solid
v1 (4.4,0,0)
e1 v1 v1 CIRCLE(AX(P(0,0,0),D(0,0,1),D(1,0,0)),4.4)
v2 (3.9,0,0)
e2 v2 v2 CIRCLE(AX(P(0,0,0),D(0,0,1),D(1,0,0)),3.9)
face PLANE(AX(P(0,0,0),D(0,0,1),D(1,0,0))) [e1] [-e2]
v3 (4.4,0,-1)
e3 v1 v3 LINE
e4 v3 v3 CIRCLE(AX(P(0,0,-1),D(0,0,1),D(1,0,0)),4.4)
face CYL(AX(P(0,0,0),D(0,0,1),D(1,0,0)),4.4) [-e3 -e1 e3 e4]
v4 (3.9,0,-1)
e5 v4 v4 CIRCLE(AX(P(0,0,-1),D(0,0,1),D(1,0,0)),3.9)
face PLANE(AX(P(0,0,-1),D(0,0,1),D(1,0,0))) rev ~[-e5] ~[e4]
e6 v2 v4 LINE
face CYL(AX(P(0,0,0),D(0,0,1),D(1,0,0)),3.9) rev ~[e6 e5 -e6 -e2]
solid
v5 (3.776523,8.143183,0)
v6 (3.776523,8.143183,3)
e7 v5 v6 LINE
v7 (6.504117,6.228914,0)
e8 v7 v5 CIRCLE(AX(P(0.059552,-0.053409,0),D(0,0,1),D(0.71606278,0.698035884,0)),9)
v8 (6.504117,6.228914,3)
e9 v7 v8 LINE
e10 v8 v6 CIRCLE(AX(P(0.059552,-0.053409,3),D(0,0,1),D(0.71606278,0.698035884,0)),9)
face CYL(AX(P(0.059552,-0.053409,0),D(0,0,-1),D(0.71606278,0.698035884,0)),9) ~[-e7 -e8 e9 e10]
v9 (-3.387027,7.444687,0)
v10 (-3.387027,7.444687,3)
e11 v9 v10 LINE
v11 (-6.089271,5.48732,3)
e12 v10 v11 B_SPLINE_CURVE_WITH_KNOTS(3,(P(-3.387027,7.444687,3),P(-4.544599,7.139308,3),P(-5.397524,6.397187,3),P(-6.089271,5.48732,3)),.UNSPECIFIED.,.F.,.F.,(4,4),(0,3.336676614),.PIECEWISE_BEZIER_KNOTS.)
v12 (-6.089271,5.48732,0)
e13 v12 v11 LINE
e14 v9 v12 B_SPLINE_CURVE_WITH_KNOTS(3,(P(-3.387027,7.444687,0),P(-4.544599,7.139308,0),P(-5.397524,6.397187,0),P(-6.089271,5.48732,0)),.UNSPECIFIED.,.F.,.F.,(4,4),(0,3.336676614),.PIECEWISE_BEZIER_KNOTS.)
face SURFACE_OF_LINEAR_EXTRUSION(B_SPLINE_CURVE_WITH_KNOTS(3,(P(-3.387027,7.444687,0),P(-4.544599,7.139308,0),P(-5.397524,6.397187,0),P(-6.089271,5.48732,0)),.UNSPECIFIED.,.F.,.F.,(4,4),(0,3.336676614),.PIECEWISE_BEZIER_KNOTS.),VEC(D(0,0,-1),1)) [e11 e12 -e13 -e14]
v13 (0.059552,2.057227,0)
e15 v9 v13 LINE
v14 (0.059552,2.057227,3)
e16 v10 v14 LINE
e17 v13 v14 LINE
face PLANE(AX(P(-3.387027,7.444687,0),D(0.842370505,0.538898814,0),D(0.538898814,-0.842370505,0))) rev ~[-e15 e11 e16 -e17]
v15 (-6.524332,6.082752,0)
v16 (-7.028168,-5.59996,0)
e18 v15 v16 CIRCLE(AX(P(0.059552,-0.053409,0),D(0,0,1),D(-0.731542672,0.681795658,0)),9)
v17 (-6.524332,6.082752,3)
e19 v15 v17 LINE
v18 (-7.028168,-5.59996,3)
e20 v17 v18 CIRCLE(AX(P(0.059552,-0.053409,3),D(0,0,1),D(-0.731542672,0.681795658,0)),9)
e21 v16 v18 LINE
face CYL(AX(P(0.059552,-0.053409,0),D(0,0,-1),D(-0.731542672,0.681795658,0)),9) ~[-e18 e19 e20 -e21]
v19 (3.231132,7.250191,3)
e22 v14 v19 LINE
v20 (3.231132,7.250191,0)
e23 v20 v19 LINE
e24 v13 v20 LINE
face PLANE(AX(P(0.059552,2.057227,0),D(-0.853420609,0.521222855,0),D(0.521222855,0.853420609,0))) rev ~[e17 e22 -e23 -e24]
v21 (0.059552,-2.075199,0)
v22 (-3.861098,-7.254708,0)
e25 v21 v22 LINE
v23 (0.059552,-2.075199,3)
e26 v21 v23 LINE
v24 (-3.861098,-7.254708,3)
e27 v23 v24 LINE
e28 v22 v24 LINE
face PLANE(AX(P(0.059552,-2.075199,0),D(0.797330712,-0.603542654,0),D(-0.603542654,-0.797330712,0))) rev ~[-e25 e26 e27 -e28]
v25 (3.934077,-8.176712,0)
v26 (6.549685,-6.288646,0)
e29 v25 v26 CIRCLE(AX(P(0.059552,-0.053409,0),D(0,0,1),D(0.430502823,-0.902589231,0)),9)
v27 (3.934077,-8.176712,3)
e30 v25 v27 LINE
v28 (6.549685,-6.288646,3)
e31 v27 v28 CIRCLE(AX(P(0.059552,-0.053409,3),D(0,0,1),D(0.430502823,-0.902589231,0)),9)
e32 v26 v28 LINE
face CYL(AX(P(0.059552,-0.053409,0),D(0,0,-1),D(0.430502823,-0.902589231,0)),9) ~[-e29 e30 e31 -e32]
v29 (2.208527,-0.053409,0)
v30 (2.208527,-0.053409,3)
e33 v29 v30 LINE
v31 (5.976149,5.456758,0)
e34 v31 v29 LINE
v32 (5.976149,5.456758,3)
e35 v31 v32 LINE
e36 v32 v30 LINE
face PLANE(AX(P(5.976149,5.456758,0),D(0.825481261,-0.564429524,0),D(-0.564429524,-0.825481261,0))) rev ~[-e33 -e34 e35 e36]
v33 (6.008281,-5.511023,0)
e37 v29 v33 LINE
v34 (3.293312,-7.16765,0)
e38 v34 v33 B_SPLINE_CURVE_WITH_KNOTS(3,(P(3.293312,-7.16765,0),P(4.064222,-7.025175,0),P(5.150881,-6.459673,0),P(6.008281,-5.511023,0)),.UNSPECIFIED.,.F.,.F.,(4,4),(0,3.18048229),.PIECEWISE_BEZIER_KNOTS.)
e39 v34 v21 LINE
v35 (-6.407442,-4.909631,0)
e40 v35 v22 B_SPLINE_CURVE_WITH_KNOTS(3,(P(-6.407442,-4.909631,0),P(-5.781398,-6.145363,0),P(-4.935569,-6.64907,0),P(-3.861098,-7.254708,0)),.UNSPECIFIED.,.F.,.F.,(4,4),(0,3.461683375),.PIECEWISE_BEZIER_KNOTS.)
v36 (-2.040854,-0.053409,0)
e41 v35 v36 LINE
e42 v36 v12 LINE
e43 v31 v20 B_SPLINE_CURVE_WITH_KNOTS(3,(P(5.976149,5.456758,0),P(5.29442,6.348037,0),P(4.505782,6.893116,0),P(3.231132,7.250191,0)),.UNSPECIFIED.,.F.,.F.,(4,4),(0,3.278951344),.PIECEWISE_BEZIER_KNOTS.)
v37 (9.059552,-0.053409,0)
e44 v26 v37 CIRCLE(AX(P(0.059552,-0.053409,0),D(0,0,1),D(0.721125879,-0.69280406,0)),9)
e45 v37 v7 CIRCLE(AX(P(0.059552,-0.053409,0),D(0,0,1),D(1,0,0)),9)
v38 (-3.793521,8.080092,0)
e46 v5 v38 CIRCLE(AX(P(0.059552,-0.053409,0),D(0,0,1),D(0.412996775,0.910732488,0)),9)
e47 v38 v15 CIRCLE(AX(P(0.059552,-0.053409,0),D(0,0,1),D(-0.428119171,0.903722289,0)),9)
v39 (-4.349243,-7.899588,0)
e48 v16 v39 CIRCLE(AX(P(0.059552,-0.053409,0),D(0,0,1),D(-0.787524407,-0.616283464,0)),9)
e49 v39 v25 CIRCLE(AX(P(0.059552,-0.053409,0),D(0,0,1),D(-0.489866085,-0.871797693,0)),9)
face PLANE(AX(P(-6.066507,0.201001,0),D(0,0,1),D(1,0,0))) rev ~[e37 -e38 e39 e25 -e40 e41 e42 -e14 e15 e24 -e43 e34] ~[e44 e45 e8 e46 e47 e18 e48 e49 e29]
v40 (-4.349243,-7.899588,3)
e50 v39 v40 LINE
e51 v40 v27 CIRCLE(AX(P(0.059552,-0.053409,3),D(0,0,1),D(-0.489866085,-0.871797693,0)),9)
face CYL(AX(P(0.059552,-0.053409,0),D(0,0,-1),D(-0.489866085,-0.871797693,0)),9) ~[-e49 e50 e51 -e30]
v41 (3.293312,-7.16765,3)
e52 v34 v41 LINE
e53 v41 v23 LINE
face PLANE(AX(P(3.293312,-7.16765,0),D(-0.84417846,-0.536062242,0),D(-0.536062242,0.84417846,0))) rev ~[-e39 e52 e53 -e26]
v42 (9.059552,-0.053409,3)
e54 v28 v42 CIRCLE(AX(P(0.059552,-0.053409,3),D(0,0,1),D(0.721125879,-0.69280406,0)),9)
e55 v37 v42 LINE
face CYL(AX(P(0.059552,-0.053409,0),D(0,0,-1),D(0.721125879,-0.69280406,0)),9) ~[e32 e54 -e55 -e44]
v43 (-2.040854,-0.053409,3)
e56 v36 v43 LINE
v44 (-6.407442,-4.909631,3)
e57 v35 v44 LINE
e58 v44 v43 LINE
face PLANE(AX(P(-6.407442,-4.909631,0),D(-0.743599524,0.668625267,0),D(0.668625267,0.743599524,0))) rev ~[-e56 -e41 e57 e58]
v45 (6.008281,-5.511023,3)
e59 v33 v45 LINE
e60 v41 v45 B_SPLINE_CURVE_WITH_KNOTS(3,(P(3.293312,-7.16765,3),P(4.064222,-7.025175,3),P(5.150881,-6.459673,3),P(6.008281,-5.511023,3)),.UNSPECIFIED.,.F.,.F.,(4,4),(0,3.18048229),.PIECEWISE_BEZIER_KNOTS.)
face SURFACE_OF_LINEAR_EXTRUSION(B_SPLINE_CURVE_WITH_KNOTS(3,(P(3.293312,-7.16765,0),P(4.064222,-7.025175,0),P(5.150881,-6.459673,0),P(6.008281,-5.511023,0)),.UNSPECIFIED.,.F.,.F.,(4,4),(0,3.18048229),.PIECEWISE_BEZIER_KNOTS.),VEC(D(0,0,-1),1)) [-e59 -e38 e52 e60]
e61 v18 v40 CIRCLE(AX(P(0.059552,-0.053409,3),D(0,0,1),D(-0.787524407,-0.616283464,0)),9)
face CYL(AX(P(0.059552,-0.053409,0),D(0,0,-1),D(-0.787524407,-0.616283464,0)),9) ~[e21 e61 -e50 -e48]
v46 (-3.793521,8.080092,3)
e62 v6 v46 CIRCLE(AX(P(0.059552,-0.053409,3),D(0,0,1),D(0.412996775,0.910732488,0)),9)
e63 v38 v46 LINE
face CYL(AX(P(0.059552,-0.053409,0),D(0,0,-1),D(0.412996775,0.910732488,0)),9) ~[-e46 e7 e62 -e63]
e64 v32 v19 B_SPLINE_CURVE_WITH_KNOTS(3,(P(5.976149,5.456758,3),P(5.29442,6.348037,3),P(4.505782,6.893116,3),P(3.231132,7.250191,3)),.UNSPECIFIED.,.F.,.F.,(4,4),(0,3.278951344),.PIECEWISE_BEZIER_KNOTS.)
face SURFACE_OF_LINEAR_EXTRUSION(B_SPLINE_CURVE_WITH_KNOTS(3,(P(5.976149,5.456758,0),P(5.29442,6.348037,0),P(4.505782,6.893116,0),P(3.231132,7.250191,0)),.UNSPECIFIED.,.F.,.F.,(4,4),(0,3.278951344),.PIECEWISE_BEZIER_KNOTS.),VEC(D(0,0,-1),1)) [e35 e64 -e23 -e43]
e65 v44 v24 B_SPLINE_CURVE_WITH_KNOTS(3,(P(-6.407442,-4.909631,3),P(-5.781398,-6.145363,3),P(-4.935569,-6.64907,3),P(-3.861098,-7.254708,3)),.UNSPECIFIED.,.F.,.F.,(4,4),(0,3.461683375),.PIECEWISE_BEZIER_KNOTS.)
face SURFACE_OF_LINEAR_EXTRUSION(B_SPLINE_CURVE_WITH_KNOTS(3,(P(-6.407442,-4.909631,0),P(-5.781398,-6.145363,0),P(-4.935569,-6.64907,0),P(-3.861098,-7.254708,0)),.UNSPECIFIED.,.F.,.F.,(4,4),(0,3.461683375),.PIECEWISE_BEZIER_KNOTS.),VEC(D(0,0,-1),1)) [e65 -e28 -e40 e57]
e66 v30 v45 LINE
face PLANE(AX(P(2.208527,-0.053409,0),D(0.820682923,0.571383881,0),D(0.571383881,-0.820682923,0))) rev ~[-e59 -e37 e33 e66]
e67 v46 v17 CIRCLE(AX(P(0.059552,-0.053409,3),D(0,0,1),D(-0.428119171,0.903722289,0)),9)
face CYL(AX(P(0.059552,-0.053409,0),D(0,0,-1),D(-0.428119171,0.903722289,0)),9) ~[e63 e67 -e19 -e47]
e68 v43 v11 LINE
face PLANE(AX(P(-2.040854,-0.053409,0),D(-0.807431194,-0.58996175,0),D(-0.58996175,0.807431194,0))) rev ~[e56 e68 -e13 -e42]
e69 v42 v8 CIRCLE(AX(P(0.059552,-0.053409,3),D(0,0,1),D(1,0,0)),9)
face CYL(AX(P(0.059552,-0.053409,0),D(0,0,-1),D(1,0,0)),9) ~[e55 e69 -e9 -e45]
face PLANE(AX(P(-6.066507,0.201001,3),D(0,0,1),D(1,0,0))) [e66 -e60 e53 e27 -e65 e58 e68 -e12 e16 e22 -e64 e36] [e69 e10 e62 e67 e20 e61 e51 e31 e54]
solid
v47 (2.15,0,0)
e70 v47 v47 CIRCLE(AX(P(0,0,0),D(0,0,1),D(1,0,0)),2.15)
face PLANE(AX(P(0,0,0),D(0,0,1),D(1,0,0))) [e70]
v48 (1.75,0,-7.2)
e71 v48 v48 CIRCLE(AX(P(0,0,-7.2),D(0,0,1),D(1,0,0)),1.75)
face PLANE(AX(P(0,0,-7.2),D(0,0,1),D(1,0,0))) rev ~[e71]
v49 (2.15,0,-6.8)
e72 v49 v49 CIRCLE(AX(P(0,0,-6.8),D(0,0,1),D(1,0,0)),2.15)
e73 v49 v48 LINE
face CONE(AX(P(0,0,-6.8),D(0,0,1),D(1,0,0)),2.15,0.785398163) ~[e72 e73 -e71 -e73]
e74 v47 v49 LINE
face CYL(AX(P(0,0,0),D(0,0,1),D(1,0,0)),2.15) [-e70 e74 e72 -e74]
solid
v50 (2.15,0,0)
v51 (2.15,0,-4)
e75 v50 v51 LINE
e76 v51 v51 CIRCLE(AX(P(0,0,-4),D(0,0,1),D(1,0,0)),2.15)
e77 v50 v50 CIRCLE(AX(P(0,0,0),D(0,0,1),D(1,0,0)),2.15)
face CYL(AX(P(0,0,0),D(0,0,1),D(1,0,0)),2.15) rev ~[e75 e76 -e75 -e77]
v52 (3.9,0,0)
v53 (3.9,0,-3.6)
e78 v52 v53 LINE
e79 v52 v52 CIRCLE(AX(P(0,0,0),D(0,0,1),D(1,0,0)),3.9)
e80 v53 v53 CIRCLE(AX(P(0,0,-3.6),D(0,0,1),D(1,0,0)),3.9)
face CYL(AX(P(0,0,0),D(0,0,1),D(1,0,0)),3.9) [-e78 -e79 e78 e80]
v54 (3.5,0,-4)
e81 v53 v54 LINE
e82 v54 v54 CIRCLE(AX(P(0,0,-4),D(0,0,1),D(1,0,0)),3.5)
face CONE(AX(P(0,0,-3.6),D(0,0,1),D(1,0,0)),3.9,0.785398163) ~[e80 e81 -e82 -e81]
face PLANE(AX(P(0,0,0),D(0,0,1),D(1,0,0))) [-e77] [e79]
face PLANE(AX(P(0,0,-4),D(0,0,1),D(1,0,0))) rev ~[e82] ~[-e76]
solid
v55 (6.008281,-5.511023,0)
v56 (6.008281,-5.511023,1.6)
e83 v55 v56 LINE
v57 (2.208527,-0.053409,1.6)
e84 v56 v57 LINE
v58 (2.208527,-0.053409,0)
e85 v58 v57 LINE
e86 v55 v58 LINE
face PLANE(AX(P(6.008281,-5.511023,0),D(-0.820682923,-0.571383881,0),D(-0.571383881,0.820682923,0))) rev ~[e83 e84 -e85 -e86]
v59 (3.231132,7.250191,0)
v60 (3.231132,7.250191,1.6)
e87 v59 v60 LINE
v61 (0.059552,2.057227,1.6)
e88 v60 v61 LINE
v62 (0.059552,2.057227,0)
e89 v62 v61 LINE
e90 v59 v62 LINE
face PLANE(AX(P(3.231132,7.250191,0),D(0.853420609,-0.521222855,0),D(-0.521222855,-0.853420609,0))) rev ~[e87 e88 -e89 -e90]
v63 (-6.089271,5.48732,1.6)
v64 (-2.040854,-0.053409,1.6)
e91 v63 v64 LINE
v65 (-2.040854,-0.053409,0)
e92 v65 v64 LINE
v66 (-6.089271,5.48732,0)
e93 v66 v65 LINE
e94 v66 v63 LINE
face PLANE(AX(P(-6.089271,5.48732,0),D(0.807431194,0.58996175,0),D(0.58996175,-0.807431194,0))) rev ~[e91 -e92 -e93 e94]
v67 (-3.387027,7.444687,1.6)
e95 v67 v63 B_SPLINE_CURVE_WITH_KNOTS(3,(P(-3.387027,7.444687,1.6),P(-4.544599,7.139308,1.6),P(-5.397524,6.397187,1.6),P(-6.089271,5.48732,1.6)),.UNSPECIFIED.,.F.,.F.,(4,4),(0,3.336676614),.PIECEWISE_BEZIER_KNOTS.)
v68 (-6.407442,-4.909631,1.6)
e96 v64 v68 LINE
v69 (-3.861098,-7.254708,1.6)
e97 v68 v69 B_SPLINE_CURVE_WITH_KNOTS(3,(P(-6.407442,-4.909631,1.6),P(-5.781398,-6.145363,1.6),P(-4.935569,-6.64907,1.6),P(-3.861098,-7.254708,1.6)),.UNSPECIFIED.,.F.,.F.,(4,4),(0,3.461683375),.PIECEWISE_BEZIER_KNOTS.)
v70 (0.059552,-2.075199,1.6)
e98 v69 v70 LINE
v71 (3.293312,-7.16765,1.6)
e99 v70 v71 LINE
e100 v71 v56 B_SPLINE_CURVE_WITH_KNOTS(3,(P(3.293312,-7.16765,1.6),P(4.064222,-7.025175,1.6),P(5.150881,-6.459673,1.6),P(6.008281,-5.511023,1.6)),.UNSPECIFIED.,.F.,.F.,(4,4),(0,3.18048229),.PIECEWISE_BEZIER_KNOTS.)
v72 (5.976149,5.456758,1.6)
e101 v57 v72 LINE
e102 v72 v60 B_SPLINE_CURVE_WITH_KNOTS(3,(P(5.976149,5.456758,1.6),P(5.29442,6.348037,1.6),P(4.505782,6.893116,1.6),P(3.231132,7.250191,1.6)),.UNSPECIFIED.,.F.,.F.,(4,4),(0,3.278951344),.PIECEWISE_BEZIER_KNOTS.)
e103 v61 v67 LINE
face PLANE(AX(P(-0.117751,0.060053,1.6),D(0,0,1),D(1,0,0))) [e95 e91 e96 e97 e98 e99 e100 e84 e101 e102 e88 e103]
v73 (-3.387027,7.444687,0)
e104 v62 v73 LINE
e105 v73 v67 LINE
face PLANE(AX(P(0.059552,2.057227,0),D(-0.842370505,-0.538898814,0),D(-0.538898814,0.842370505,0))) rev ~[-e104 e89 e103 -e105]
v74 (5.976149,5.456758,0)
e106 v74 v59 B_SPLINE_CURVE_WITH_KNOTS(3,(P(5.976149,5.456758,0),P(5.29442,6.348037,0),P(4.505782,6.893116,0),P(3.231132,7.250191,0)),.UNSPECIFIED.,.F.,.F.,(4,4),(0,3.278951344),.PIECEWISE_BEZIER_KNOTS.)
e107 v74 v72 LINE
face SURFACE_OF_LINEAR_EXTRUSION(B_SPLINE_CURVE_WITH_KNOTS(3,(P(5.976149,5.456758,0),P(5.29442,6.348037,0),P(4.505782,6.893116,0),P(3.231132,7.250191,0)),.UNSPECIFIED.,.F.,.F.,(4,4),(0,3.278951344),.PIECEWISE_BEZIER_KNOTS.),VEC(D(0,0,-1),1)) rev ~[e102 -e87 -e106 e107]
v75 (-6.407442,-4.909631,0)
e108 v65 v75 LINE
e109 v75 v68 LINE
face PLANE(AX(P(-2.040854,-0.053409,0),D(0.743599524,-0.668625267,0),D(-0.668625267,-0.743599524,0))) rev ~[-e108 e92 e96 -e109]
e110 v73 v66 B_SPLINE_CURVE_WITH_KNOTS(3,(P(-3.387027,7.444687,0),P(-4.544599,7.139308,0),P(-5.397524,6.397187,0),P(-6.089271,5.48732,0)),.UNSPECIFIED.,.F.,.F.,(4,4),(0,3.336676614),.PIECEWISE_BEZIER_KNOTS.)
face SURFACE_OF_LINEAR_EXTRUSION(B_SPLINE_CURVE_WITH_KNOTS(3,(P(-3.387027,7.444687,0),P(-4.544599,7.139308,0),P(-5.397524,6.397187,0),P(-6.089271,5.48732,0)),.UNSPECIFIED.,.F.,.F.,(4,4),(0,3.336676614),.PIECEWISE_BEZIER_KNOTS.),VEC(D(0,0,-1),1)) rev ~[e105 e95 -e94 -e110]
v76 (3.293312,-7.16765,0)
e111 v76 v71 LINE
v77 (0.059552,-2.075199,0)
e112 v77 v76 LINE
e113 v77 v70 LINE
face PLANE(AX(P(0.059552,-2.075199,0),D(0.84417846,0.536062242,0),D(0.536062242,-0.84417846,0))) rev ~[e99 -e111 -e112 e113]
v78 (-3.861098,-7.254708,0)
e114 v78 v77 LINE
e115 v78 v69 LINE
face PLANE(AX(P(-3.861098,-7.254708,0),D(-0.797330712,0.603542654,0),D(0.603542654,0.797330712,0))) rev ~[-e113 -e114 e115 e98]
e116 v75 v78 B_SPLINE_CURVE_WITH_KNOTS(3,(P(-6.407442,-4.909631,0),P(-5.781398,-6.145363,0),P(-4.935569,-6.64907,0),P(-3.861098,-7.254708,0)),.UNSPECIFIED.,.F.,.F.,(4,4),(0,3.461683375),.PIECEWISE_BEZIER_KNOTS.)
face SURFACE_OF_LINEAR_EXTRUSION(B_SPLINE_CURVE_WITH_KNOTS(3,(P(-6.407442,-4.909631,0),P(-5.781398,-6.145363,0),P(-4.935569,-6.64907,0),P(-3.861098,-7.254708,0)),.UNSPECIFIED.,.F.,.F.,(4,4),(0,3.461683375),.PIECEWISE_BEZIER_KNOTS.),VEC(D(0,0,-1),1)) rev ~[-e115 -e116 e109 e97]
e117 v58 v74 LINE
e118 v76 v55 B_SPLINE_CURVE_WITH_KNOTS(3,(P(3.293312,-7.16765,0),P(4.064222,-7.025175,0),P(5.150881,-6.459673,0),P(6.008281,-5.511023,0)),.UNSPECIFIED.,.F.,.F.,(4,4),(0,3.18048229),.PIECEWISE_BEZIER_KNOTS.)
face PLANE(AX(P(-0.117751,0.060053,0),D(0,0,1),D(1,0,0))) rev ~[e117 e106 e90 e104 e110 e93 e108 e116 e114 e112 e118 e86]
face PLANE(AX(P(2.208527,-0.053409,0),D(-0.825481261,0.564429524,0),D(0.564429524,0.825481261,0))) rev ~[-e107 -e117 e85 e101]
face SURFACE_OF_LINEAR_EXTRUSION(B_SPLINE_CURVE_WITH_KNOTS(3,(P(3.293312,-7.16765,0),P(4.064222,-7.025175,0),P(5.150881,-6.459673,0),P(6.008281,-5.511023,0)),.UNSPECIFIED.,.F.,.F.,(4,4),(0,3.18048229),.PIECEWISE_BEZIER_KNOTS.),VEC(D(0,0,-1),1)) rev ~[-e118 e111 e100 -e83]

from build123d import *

# Parameters (mm, degrees)
F0_R      = 4.4
F0_R_2    = 3.9
F1_DEPTH  = 1
F0_R_3    = 2.15
F2_DEPTH  = 4
F3_DEPTH  = 7.2
F4_SIZE   = 0.4
F4_2_SIZE = 0.4
F6_DEPTH  = 3
F7_DEPTH  = 1.6


with BuildPart() as f1:
    # F0 (on Top) → F1 (new body)
    with BuildSketch(Plane.XY):
        Circle(F0_R)
        Circle(F0_R_2, mode=Mode.SUBTRACT)
    extrude(amount=-F1_DEPTH)


with BuildPart() as f2:
    # F0 (on Top) → F2 (new body)
    with BuildSketch(Plane.XY):
        Circle(F0_R_2)
        Circle(F0_R_3, mode=Mode.SUBTRACT)
    extrude(amount=-F2_DEPTH)

    # F4#2
    f4_2_edges = [f2.edges().sort_by_distance(p)[0] for p in [
        (-3.9, 0, -4),
    ]]
    chamfer(f4_2_edges, length=F4_2_SIZE)


with BuildPart() as f3:
    # F0 (on Top) → F3 (new body)
    with BuildSketch(Plane.XY):
        Circle(F0_R_3)
    extrude(amount=-F3_DEPTH)

    # F4
    f4_edges = [f3.edges().sort_by_distance(p)[0] for p in [
        (-2.15, 0, -7.2),
    ]]
    chamfer(f4_edges, length=F4_SIZE)


with BuildPart() as f6:
    # F5 (on Top) → F6 (new body)
    with BuildSketch(Plane.XY):
        with BuildLine():
            Line((-6.0892713733, 5.4873203656), (-6.5243323659, 6.0827518776))
            ThreePointArc((-6.5243323659, 6.0827518776), (-8.9320904111, 0.3343698838), (-7.0281679871, -5.5999602177))
            Line((-7.0281679871, -5.5999602177), (-6.4074416083, -4.9096305772))
            Line((-6.4074416083, -4.9096305772), (-2.0408540685, -0.0534090447))
            Line((-2.0408540685, -0.0534090447), (-6.0892713733, 5.4873203656))
        make_face()
        with BuildLine():
            Line((3.2311318076, 7.2501914379), (3.7765226559, 8.1431833429))
            ThreePointArc((3.7765226559, 8.1431833429), (-0.0154553372, 8.9462783914), (-3.7935208631, 8.0800915531))
            Line((-3.7935208631, 8.0800915531), (-3.3870265948, 7.4446869595))
            Line((-3.3870265948, 7.4446869595), (0.0595516804, 2.0572268171))
            Line((0.0595516804, 2.0572268171), (3.2311318076, 7.2501914379))
        make_face()
        with BuildLine():
            ThreePointArc((6.5496845944, -6.2886455887), (8.40853953, -3.4141235353), (9.0595516804, -0.0534090447))
            ThreePointArc((9.0595516804, -0.0534090447), (8.3962502233, 3.3376759447), (6.5041167016, 6.2289139085))
            Line((6.5041167016, 6.2289139085), (5.9761489139, 5.4567581367))
            Line((5.9761489139, 5.4567581367), (2.2085272986, -0.0534090447))
            Line((2.2085272986, -0.0534090447), (6.0082806477, -5.5110230693))
            Line((6.0082806477, -5.5110230693), (6.5496845944, -6.2886455887))
        make_face()
        with BuildLine():
            ThreePointArc((-4.3492430884, -7.8995882859), (-0.2413807746, -9.0483765075), (3.9340770883, -8.1767121207))
            Line((3.9340770883, -8.1767121207), (3.2933122449, -7.167650417))
            Line((3.2933122449, -7.167650417), (0.0595516804, -2.0751988283))
            Line((0.0595516804, -2.0751988283), (-3.8610982863, -7.2547078621))
            Line((-3.8610982863, -7.2547078621), (-4.3492430884, -7.8995882859))
        make_face()
        with BuildLine():
            Line((5.9761489139, 5.4567581367), (6.5041167016, 6.2289139085))
            ThreePointArc((6.5041167016, 6.2289139085), (5.2296880731, 7.313387388), (3.7765226559, 8.1431833429))
            Line((3.7765226559, 8.1431833429), (3.2311318076, 7.2501914379))
            add(Edge.make_bspline(
                [(5.9761489139, 5.4567581367), (5.2944198251, 6.3480366953), (4.5057819225, 6.8931155838), (3.2311318076, 7.2501914379)],
                knots=[0, 0, 0, 0, 3.2789513445, 3.2789513445, 3.2789513445, 3.2789513445], degree=3))
        make_face()
        with BuildLine():
            Line((-3.3870265948, 7.4446869595), (-3.7935208631, 8.0800915531))
            ThreePointArc((-3.7935208631, 8.0800915531), (-5.253626009, 7.2108970365), (-6.5243323659, 6.0827518776))
            Line((-6.5243323659, 6.0827518776), (-6.0892713733, 5.4873203656))
            add(Edge.make_bspline(
                [(-3.3870265948, 7.4446869595), (-4.5445985161, 7.1393079124), (-5.397524219, 6.3971867785), (-6.0892713733, 5.4873203656)],
                knots=[0, 0, 0, 0, 3.3366766139, 3.3366766139, 3.3366766139, 3.3366766139], degree=3))
        make_face()
        with BuildLine():
            ThreePointArc((3.9340770883, -8.1767121207), (5.3271635054, -7.3508240432), (6.5496845944, -6.2886455887))
            Line((6.5496845944, -6.2886455887), (6.0082806477, -5.5110230693))
            add(Edge.make_bspline(
                [(3.2933122449, -7.167650417), (4.0642218664, -7.0251747966), (5.1508806646, -6.459673401), (6.0082806477, -5.5110230693)],
                knots=[0, 0, 0, 0, 3.18048229, 3.18048229, 3.18048229, 3.18048229], degree=3))
            Line((3.2933122449, -7.167650417), (3.9340770883, -8.1767121207))
        make_face()
        with BuildLine():
            ThreePointArc((-7.0281679871, -5.5999602177), (-5.8025753533, -6.8824255654), (-4.3492430884, -7.8995882859))
            Line((-4.3492430884, -7.8995882859), (-3.8610982863, -7.2547078621))
            add(Edge.make_bspline(
                [(-6.4074416083, -4.9096305772), (-5.7813981548, -6.1453632079), (-4.9355686642, -6.6490704194), (-3.8610982863, -7.2547078621)],
                knots=[0, 0, 0, 0, 3.4616833745, 3.4616833745, 3.4616833745, 3.4616833745], degree=3))
            Line((-6.4074416083, -4.9096305772), (-7.0281679871, -5.5999602177))
        make_face()
    extrude(amount=F6_DEPTH)


with BuildPart() as f7:
    # F5 (on Top) → F7 (new body)
    with BuildSketch(Plane.XY):
        with BuildLine():
            Line((2.2085272986, -0.0534090447), (5.9761489139, 5.4567581367))
            add(Edge.make_bspline(
                [(5.9761489139, 5.4567581367), (5.2944198251, 6.3480366953), (4.5057819225, 6.8931155838), (3.2311318076, 7.2501914379)],
                knots=[0, 0, 0, 0, 3.2789513445, 3.2789513445, 3.2789513445, 3.2789513445], degree=3))
            Line((3.2311318076, 7.2501914379), (0.0595516804, 2.0572268171))
            Line((0.0595516804, 2.0572268171), (-3.3870265948, 7.4446869595))
            add(Edge.make_bspline(
                [(-3.3870265948, 7.4446869595), (-4.5445985161, 7.1393079124), (-5.397524219, 6.3971867785), (-6.0892713733, 5.4873203656)],
                knots=[0, 0, 0, 0, 3.3366766139, 3.3366766139, 3.3366766139, 3.3366766139], degree=3))
            Line((-6.0892713733, 5.4873203656), (-2.0408540685, -0.0534090447))
            Line((-2.0408540685, -0.0534090447), (-6.4074416083, -4.9096305772))
            add(Edge.make_bspline(
                [(-6.4074416083, -4.9096305772), (-5.7813981548, -6.1453632079), (-4.9355686642, -6.6490704194), (-3.8610982863, -7.2547078621)],
                knots=[0, 0, 0, 0, 3.4616833745, 3.4616833745, 3.4616833745, 3.4616833745], degree=3))
            Line((-3.8610982863, -7.2547078621), (0.0595516804, -2.0751988283))
            Line((0.0595516804, -2.0751988283), (3.2933122449, -7.167650417))
            add(Edge.make_bspline(
                [(3.2933122449, -7.167650417), (4.0642218664, -7.0251747966), (5.1508806646, -6.459673401), (6.0082806477, -5.5110230693)],
                knots=[0, 0, 0, 0, 3.18048229, 3.18048229, 3.18048229, 3.18048229], degree=3))
            Line((6.0082806477, -5.5110230693), (2.2085272986, -0.0534090447))
        make_face()
    extrude(amount=F7_DEPTH)


solid = Compound([f1.part, f2.part, f3.part, f6.part, f7.part])
